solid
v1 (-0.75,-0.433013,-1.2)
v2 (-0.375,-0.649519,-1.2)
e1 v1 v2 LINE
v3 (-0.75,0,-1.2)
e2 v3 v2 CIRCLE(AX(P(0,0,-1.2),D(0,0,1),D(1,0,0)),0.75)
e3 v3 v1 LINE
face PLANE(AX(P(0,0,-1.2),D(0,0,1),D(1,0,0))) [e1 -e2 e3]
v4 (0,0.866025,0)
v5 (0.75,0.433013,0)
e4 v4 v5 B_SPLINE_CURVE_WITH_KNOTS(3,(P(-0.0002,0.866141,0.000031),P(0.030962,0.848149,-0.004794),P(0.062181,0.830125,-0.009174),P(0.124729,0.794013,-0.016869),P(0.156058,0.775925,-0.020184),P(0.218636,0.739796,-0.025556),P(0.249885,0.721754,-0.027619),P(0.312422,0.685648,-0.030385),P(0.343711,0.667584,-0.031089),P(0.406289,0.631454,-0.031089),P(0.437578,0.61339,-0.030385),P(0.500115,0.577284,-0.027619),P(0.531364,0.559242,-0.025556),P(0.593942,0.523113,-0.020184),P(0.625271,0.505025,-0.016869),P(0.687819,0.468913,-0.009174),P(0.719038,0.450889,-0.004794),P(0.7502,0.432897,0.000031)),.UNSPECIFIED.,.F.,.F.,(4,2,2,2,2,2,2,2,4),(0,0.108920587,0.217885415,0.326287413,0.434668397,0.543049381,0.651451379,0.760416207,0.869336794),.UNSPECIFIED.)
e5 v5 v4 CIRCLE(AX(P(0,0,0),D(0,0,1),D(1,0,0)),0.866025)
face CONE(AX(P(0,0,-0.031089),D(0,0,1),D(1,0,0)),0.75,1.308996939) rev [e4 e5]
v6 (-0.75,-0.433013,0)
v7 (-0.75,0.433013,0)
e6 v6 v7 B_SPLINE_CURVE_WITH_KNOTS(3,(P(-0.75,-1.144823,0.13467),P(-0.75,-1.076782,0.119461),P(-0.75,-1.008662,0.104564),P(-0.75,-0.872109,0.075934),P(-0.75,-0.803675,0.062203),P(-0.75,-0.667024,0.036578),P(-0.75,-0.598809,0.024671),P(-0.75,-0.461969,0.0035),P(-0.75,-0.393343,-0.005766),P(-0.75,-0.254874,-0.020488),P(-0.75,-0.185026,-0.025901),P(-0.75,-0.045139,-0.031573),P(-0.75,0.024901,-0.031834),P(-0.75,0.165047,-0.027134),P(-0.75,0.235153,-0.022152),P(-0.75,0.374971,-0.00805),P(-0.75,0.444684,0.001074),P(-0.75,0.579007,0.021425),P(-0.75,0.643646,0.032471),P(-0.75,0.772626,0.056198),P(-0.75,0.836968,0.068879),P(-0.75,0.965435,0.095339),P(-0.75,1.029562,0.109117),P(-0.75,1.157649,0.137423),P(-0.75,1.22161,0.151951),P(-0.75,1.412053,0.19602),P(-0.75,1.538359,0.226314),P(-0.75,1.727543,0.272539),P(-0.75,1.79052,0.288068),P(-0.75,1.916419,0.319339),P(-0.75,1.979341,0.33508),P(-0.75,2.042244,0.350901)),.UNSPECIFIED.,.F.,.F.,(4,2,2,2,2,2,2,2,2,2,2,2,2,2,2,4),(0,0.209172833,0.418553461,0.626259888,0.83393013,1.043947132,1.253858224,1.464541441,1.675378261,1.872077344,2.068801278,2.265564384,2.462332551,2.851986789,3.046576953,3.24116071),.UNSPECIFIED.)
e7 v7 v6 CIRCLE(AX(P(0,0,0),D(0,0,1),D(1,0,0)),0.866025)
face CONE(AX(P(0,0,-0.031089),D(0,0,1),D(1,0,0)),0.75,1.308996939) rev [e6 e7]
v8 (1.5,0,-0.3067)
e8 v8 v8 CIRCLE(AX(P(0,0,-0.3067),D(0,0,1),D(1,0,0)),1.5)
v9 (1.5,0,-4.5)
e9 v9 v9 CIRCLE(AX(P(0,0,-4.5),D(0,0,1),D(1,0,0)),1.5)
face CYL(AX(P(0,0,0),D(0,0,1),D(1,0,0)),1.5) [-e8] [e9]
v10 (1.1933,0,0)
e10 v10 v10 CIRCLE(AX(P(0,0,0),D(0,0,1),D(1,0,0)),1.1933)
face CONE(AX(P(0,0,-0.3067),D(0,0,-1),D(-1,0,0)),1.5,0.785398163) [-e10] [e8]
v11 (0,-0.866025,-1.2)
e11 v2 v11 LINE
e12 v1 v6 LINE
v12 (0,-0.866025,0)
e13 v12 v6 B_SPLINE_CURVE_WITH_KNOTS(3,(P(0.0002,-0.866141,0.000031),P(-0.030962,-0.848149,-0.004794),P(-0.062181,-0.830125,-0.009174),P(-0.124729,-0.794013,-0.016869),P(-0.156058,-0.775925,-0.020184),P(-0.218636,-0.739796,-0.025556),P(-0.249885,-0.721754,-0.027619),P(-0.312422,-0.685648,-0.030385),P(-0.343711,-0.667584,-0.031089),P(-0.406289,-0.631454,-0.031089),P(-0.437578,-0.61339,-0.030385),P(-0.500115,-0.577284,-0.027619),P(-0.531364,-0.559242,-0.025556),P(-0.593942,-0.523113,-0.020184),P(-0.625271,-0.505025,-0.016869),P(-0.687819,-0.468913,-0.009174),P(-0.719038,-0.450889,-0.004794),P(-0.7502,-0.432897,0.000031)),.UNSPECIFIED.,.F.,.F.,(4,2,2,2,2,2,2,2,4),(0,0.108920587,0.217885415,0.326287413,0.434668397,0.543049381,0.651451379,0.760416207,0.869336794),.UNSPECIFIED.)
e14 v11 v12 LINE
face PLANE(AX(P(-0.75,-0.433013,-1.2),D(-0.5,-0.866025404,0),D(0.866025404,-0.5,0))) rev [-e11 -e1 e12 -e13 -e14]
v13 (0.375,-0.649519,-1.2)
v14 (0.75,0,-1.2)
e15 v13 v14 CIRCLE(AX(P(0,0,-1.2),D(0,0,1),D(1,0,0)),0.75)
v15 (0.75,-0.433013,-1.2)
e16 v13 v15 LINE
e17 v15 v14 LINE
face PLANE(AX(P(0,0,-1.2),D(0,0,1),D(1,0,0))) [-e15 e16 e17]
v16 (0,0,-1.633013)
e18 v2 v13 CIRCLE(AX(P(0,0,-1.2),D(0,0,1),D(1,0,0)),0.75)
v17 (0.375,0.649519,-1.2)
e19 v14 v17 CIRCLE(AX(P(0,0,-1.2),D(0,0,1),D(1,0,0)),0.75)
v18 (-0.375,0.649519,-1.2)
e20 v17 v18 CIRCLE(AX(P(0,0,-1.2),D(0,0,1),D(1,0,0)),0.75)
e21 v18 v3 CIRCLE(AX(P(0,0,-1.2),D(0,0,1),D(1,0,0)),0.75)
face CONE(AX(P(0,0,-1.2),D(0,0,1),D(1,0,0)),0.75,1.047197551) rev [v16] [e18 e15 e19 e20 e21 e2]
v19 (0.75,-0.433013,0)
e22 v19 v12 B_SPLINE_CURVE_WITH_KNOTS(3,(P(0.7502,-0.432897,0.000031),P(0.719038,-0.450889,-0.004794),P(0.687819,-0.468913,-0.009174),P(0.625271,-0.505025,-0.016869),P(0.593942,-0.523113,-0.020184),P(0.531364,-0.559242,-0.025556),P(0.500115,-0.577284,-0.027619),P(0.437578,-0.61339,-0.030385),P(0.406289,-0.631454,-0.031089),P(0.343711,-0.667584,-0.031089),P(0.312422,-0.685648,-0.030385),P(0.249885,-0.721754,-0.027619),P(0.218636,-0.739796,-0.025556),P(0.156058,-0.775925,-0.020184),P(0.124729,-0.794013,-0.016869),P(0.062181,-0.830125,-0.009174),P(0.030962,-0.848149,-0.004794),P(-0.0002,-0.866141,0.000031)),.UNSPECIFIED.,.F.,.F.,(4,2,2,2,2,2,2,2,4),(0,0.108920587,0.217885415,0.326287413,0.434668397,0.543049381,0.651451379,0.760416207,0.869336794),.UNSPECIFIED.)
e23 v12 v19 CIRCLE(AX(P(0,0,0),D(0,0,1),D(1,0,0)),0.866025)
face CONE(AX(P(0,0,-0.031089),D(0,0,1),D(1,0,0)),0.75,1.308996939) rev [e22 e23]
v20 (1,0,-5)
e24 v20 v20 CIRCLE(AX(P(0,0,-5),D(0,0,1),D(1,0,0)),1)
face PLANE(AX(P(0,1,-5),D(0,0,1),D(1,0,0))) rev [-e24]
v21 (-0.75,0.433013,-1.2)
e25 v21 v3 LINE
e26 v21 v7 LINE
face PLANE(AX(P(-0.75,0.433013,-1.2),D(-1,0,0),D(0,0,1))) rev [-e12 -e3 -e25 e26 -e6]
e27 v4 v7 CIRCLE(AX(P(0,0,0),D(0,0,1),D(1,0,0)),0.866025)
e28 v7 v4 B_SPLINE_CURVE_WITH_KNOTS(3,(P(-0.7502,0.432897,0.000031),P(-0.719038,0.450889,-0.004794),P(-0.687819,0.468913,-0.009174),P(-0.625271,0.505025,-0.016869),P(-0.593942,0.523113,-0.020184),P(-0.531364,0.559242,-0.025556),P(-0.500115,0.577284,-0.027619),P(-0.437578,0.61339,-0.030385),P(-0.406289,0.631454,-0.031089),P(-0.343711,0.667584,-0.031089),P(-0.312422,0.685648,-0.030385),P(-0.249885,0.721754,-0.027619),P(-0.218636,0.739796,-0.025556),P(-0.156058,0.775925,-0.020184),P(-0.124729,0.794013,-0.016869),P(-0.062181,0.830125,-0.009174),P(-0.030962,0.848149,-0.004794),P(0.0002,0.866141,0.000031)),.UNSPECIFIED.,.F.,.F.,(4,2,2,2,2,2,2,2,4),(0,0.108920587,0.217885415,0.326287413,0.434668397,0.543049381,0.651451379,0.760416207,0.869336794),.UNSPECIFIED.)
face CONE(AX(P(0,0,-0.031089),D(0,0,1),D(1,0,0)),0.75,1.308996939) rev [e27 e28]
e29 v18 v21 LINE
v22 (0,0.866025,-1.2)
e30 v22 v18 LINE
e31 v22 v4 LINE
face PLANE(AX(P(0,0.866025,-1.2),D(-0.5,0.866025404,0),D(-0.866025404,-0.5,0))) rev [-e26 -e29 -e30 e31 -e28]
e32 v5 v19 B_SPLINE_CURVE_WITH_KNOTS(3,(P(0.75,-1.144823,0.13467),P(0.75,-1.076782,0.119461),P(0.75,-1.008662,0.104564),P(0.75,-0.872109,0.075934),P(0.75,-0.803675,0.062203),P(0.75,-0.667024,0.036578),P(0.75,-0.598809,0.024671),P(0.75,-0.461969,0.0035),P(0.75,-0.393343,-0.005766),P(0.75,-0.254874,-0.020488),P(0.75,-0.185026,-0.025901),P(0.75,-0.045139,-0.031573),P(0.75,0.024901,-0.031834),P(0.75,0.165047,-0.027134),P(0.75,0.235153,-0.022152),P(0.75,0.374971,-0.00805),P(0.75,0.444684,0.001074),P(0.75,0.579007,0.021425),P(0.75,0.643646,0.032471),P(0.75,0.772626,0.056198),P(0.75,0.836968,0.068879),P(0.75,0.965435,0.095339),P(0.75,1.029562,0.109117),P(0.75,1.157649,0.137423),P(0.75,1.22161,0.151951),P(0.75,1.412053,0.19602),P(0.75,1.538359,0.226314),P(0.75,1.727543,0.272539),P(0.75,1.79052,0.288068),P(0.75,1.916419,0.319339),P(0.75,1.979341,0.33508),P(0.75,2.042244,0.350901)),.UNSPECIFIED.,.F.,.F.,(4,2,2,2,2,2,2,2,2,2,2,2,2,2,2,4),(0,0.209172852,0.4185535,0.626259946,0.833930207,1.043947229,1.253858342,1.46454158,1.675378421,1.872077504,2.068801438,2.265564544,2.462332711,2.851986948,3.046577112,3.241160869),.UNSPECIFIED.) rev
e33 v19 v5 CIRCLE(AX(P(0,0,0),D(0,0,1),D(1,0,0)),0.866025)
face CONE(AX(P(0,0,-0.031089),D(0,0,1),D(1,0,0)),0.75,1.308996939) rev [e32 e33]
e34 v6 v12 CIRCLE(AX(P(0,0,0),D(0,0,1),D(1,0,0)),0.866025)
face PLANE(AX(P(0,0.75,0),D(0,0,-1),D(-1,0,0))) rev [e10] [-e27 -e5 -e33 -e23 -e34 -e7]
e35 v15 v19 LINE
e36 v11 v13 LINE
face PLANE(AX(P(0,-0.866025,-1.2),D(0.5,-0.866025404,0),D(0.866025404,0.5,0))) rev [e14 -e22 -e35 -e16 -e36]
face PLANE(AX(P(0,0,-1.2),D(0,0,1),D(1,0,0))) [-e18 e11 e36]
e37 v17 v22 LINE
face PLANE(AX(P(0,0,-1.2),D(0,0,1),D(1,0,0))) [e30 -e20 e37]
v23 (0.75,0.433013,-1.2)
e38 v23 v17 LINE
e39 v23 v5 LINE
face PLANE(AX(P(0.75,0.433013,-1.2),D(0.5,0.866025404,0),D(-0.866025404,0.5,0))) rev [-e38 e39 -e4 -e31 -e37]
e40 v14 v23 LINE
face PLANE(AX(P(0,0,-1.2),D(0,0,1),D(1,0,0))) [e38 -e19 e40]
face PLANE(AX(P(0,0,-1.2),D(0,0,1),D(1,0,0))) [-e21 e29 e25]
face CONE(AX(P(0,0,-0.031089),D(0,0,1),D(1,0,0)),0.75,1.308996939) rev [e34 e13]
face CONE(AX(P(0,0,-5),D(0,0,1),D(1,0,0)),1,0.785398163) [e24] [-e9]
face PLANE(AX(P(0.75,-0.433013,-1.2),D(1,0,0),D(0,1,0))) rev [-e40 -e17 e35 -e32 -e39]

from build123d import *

# Parameters (mm, degrees)
CUT_EXTRUDE1_DEPTH = 1.2


with BuildPart() as part:
    # Sketch1 → Revolve1 (revolve)
    with BuildSketch(Plane(origin=(0, 0, 0), x_dir=(0, 0, -1), z_dir=(1, 0, 0)), mode=Mode.PRIVATE) as revolve1_sk:
        Polygon((0.3067, 1.5), (4.5, 1.5), (5, 1), (5, 0), (1.633012702, 0), (1.2, 0.75), (0, 0.75), (0, 1.1933), align=None)
    revolve(revolve1_sk.sketch.rotate(Axis((0, 0, 0), (0, 0, -1)), 90), axis=Axis((0, 0, 0), (0, 0, -1)))

    # Sketch2 → Cut-Extrude1 (cut)
    with BuildSketch(Plane.XY):
        Polygon((0, 0.866025404), (-0.75, 0.433012702), (-0.75, -0.433012702), (0, -0.866025404), (0.75, -0.433012702), (0.75, 0.433012702), align=None)
    extrude(amount=-CUT_EXTRUDE1_DEPTH, mode=Mode.SUBTRACT)

    # Sketch3 → Cut-Revolve2 (revolve, cut)
    with BuildSketch(Plane(origin=(0, 0, 0), x_dir=(0, 0, -1), z_dir=(1, 0, 0))):
        Polygon((0, 0.75), (0, 0.866025404), (0.031088913, 0.75), align=None)
    revolve(axis=Axis((0, 0, 0), (0, 0, -1)), mode=Mode.SUBTRACT)


solid = part.part
